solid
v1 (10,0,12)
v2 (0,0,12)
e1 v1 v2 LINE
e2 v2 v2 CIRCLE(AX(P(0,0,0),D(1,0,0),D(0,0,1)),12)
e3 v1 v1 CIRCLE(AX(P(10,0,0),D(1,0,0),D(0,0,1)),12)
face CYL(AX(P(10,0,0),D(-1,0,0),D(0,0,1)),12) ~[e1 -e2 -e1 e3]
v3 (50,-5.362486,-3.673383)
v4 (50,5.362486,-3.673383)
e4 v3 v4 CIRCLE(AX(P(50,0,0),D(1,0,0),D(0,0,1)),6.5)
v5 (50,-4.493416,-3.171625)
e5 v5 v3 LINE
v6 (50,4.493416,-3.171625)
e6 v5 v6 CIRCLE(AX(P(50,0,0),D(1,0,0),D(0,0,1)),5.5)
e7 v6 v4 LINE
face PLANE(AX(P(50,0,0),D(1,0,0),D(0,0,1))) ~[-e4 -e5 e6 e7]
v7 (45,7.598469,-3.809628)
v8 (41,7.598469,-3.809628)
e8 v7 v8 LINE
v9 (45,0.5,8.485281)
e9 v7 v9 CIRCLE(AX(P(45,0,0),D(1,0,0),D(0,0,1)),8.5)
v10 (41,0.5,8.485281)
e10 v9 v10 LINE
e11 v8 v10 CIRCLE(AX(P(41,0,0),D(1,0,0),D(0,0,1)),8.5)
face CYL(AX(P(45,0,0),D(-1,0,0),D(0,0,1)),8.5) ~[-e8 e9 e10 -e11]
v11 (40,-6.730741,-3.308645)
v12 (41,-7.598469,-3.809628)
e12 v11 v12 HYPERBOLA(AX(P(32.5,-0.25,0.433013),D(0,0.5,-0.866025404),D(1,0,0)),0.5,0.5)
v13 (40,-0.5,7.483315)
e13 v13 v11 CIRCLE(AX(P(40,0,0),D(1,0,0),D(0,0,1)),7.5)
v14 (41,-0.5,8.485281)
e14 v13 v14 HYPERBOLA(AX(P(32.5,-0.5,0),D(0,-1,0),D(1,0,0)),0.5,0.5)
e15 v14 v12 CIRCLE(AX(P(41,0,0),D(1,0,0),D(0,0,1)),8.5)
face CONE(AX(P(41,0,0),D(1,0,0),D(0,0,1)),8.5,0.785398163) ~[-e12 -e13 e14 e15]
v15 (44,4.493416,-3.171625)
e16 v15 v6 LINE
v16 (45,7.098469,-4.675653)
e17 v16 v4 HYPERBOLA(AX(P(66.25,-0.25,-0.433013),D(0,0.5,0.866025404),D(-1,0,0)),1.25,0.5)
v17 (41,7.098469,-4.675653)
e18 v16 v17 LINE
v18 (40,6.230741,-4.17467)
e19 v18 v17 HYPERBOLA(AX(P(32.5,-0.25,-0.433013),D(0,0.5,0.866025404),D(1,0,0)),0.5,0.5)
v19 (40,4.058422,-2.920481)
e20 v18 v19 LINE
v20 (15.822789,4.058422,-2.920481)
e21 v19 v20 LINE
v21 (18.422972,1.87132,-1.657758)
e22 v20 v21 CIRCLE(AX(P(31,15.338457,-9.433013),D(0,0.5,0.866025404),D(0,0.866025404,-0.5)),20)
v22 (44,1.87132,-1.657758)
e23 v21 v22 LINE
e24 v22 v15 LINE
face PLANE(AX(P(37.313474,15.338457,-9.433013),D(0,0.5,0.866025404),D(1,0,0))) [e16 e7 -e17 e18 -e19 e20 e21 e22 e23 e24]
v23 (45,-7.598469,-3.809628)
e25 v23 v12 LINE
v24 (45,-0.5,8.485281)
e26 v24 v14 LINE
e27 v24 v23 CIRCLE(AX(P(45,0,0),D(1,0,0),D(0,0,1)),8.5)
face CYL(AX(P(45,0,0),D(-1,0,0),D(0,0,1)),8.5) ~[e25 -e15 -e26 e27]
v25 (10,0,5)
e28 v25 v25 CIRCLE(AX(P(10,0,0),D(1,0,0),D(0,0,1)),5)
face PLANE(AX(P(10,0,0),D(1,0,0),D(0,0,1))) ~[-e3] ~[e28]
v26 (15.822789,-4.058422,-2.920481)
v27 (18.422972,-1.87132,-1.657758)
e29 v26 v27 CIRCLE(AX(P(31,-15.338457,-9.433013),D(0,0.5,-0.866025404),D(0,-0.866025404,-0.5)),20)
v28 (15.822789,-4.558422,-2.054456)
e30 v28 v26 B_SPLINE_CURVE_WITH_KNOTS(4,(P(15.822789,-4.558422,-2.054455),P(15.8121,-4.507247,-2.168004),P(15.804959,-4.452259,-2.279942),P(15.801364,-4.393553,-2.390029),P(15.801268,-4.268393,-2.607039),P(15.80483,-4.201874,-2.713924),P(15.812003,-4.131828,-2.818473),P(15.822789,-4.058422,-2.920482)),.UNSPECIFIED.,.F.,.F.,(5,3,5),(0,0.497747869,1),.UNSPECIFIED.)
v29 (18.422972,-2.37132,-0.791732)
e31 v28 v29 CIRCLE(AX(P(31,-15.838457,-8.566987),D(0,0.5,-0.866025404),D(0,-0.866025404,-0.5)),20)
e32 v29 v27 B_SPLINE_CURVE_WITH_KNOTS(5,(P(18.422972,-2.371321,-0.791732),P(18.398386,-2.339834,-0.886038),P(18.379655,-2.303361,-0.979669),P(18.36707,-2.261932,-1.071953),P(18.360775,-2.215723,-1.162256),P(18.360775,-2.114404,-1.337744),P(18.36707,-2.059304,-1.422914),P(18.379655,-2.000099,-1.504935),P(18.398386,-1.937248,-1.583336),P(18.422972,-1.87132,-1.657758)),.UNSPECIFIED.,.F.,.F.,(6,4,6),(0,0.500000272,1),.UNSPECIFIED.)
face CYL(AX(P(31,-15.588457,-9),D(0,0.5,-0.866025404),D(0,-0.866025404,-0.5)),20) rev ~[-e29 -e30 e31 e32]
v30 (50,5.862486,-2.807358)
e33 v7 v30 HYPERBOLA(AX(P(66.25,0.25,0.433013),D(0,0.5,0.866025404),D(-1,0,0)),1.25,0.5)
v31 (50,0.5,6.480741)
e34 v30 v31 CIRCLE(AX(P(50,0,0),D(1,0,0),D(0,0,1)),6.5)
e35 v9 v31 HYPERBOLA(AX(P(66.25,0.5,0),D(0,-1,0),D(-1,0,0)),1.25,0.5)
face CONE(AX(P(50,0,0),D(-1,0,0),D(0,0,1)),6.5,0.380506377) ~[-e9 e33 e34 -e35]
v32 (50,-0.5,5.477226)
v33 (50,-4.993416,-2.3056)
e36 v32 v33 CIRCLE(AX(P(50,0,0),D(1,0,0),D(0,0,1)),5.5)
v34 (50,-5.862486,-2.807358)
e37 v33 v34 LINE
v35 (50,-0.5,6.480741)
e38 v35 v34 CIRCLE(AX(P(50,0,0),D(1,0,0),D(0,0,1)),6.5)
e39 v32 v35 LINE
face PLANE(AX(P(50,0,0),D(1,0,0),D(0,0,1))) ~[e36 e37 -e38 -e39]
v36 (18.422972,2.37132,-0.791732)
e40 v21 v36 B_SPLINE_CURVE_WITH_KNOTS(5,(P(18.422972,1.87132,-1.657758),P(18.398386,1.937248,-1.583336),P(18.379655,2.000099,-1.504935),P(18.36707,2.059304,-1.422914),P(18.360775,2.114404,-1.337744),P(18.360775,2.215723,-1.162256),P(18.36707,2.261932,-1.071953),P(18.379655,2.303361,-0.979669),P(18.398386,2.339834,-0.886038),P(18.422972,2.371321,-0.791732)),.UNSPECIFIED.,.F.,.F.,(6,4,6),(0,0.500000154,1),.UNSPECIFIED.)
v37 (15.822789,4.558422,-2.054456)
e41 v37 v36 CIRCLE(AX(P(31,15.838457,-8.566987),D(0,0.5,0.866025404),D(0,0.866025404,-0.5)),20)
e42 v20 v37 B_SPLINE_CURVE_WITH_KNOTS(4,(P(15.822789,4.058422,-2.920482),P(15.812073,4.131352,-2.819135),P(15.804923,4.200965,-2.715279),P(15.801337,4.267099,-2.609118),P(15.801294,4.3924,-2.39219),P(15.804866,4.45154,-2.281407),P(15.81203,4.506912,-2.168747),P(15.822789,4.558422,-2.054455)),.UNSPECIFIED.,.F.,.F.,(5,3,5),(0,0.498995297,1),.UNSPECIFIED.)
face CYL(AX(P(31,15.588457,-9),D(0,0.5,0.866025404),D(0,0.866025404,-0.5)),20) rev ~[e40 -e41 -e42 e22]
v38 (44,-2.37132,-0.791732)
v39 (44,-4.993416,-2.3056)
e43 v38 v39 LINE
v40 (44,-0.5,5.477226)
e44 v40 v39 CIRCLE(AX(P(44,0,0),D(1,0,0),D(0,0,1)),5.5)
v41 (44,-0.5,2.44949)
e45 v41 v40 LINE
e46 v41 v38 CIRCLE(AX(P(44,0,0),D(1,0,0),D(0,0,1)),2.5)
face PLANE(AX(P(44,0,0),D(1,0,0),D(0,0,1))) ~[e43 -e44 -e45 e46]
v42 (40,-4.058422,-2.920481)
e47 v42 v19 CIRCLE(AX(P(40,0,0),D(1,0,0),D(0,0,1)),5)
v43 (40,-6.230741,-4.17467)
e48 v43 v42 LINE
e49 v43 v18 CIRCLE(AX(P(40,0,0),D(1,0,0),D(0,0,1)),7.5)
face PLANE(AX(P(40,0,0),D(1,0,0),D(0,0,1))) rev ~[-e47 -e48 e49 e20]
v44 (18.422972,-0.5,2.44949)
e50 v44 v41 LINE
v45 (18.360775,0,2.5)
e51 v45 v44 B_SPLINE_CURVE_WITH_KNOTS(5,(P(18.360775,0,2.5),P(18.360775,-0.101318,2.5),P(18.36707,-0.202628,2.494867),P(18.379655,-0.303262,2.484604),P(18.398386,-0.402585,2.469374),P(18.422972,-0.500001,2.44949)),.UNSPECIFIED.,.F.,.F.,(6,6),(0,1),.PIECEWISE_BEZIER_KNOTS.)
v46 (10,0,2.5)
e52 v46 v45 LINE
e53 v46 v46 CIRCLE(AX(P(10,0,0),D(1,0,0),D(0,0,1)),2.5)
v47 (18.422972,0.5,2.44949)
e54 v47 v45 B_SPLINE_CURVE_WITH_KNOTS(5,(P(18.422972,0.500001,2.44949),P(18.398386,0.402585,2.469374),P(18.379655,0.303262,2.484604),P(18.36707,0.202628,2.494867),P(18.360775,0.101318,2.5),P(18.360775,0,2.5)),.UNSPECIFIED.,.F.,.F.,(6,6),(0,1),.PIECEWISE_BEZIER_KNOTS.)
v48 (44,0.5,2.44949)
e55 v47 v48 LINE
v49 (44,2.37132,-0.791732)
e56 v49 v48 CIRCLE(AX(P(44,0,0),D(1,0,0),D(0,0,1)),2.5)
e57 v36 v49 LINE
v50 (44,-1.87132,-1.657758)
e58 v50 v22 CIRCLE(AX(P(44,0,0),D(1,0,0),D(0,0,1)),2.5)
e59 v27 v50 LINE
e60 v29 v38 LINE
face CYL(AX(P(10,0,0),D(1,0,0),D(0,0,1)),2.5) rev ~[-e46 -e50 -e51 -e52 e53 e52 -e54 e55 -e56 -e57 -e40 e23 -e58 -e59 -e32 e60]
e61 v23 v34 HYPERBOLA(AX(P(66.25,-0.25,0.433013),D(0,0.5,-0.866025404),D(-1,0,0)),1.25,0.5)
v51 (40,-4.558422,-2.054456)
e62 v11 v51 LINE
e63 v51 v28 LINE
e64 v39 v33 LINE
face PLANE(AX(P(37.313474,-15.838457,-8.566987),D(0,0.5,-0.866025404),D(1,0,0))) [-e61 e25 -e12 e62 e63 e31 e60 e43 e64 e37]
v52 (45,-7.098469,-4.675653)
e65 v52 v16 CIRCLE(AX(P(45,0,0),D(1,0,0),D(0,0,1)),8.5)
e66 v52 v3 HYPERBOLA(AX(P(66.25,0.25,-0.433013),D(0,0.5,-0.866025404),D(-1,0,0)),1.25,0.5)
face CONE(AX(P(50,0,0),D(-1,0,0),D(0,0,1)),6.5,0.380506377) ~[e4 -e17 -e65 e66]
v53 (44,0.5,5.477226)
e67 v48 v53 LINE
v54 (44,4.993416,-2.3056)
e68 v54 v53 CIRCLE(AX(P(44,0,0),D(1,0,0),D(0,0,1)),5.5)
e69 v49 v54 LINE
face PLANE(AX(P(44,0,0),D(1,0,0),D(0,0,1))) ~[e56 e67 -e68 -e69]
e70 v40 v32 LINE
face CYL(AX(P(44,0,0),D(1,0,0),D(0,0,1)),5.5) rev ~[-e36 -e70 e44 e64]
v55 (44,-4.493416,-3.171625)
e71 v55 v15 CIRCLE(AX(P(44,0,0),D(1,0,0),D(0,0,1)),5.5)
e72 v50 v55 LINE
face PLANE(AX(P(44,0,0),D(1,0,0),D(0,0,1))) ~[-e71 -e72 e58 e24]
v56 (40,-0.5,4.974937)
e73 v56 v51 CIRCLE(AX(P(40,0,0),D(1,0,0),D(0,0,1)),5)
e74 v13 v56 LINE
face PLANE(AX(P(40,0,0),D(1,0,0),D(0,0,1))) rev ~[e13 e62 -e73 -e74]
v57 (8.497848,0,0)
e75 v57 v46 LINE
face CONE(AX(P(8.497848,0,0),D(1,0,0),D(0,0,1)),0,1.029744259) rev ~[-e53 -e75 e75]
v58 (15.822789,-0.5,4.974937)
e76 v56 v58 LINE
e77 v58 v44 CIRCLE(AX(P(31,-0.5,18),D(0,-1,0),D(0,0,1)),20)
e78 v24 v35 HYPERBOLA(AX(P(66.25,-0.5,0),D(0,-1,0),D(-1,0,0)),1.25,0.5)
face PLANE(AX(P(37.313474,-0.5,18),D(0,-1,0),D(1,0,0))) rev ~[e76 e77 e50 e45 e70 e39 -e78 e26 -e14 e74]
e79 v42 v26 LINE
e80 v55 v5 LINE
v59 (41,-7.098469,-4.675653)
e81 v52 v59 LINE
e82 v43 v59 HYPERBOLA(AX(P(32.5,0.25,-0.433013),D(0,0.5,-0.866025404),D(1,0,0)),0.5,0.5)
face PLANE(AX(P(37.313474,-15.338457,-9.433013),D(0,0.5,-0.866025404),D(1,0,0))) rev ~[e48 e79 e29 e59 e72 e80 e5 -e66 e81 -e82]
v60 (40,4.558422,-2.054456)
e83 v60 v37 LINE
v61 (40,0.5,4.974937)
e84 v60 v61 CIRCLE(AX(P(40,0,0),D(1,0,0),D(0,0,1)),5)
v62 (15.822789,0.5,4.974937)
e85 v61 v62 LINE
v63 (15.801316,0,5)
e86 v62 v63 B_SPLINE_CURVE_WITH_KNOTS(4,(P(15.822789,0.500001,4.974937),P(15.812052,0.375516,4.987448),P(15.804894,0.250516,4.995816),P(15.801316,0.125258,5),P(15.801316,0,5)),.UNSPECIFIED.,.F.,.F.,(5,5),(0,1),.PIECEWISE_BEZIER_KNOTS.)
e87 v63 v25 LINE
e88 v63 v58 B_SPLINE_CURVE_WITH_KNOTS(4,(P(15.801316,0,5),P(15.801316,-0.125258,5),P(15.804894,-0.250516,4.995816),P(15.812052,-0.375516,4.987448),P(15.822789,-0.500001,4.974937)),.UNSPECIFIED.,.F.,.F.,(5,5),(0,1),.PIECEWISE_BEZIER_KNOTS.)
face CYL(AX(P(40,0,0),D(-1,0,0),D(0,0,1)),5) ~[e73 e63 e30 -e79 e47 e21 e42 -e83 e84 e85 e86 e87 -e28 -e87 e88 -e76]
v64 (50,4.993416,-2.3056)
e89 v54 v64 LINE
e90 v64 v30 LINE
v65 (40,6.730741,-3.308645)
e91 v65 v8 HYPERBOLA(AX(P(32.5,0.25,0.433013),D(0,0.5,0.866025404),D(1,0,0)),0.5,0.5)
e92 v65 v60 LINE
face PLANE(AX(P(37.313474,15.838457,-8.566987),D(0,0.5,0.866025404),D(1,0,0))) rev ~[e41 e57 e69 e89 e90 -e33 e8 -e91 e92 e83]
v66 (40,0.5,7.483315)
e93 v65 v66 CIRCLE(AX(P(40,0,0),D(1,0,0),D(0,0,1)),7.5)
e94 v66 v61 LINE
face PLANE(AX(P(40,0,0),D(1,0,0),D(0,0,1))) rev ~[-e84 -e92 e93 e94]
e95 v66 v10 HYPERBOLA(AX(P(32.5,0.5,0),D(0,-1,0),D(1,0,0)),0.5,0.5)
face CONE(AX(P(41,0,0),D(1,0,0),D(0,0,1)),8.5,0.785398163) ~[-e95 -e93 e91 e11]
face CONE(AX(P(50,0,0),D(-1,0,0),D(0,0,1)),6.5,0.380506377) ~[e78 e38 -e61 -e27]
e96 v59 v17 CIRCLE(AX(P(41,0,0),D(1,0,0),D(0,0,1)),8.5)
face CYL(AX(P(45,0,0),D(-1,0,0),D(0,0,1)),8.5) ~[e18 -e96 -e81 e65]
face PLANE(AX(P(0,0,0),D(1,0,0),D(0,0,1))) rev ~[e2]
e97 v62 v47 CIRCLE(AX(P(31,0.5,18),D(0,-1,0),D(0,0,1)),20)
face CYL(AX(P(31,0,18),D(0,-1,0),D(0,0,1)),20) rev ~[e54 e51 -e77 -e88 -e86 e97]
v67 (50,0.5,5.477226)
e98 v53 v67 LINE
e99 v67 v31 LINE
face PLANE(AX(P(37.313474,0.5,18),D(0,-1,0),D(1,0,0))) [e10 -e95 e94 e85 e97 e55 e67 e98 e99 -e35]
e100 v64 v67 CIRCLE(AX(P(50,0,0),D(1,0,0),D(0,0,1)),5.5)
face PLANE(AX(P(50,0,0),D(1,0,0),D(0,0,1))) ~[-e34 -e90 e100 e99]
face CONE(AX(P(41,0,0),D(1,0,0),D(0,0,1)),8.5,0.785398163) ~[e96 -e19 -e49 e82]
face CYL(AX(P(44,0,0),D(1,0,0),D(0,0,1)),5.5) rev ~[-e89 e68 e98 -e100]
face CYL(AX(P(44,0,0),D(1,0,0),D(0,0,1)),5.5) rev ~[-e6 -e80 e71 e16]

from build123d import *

# Parameters (mm, degrees)
F2_SIZE  = 1
F4_DEPTH = 0.5
F5_COUNT = 3


with BuildPart() as f1:
    # F0 (on Front) → F1 (revolve)
    with BuildSketch(Plane.XZ):
        Polygon((40, 5), (10, 5), (10, 12), (0, 12), (0, 0), (8.4978484524, 0), (10, 2.5), (44, 2.5), (44, 5.5), (50, 5.5), (50, 6.5), (45, 8.5), (40, 8.5), align=None)
    revolve(axis=Axis((4.2489242262, 0, 0), (1, 0, 0)))

    # F2
    f2_edges = [f1.edges().sort_by_distance(p)[0] for p in [
        (40, 0, -8.5),
    ]]
    chamfer(f2_edges, length=F2_SIZE)


with BuildPart() as f4:
    # F3 (on Front) → F4 (new body, symmetric)
    with BuildSketch(Plane.XZ):
        with BuildLine():
            Line((56.1913425727, 38), (31, 38))
            ThreePointArc((31, 38), (11, 18), (31, -2))
            Line((31, -2), (56.1913425727, -2))
            Line((56.1913425727, -2), (56.1913425727, 38))
        make_face()
    extrude(amount=F4_DEPTH, both=True)


with BuildPart() as f5_1:
    # F5: instance of F4
    add(f4.part.rotate(Axis((62.4550534707, 0, 0), (1, 0, 0)), 1 * 360 / F5_COUNT))


with BuildPart() as f5_2:
    # F5: instance of F4
    add(f4.part.rotate(Axis((62.4550534707, 0, 0), (1, 0, 0)), 2 * 360 / F5_COUNT))


with BuildPart() as f1_1:
    add(f1.part)

    # F6: cut F4, F5_1, F5_2
    add(f4.part, mode=Mode.SUBTRACT)
    add(f5_1.part, mode=Mode.SUBTRACT)
    add(f5_2.part, mode=Mode.SUBTRACT)


solid = f1_1.part
